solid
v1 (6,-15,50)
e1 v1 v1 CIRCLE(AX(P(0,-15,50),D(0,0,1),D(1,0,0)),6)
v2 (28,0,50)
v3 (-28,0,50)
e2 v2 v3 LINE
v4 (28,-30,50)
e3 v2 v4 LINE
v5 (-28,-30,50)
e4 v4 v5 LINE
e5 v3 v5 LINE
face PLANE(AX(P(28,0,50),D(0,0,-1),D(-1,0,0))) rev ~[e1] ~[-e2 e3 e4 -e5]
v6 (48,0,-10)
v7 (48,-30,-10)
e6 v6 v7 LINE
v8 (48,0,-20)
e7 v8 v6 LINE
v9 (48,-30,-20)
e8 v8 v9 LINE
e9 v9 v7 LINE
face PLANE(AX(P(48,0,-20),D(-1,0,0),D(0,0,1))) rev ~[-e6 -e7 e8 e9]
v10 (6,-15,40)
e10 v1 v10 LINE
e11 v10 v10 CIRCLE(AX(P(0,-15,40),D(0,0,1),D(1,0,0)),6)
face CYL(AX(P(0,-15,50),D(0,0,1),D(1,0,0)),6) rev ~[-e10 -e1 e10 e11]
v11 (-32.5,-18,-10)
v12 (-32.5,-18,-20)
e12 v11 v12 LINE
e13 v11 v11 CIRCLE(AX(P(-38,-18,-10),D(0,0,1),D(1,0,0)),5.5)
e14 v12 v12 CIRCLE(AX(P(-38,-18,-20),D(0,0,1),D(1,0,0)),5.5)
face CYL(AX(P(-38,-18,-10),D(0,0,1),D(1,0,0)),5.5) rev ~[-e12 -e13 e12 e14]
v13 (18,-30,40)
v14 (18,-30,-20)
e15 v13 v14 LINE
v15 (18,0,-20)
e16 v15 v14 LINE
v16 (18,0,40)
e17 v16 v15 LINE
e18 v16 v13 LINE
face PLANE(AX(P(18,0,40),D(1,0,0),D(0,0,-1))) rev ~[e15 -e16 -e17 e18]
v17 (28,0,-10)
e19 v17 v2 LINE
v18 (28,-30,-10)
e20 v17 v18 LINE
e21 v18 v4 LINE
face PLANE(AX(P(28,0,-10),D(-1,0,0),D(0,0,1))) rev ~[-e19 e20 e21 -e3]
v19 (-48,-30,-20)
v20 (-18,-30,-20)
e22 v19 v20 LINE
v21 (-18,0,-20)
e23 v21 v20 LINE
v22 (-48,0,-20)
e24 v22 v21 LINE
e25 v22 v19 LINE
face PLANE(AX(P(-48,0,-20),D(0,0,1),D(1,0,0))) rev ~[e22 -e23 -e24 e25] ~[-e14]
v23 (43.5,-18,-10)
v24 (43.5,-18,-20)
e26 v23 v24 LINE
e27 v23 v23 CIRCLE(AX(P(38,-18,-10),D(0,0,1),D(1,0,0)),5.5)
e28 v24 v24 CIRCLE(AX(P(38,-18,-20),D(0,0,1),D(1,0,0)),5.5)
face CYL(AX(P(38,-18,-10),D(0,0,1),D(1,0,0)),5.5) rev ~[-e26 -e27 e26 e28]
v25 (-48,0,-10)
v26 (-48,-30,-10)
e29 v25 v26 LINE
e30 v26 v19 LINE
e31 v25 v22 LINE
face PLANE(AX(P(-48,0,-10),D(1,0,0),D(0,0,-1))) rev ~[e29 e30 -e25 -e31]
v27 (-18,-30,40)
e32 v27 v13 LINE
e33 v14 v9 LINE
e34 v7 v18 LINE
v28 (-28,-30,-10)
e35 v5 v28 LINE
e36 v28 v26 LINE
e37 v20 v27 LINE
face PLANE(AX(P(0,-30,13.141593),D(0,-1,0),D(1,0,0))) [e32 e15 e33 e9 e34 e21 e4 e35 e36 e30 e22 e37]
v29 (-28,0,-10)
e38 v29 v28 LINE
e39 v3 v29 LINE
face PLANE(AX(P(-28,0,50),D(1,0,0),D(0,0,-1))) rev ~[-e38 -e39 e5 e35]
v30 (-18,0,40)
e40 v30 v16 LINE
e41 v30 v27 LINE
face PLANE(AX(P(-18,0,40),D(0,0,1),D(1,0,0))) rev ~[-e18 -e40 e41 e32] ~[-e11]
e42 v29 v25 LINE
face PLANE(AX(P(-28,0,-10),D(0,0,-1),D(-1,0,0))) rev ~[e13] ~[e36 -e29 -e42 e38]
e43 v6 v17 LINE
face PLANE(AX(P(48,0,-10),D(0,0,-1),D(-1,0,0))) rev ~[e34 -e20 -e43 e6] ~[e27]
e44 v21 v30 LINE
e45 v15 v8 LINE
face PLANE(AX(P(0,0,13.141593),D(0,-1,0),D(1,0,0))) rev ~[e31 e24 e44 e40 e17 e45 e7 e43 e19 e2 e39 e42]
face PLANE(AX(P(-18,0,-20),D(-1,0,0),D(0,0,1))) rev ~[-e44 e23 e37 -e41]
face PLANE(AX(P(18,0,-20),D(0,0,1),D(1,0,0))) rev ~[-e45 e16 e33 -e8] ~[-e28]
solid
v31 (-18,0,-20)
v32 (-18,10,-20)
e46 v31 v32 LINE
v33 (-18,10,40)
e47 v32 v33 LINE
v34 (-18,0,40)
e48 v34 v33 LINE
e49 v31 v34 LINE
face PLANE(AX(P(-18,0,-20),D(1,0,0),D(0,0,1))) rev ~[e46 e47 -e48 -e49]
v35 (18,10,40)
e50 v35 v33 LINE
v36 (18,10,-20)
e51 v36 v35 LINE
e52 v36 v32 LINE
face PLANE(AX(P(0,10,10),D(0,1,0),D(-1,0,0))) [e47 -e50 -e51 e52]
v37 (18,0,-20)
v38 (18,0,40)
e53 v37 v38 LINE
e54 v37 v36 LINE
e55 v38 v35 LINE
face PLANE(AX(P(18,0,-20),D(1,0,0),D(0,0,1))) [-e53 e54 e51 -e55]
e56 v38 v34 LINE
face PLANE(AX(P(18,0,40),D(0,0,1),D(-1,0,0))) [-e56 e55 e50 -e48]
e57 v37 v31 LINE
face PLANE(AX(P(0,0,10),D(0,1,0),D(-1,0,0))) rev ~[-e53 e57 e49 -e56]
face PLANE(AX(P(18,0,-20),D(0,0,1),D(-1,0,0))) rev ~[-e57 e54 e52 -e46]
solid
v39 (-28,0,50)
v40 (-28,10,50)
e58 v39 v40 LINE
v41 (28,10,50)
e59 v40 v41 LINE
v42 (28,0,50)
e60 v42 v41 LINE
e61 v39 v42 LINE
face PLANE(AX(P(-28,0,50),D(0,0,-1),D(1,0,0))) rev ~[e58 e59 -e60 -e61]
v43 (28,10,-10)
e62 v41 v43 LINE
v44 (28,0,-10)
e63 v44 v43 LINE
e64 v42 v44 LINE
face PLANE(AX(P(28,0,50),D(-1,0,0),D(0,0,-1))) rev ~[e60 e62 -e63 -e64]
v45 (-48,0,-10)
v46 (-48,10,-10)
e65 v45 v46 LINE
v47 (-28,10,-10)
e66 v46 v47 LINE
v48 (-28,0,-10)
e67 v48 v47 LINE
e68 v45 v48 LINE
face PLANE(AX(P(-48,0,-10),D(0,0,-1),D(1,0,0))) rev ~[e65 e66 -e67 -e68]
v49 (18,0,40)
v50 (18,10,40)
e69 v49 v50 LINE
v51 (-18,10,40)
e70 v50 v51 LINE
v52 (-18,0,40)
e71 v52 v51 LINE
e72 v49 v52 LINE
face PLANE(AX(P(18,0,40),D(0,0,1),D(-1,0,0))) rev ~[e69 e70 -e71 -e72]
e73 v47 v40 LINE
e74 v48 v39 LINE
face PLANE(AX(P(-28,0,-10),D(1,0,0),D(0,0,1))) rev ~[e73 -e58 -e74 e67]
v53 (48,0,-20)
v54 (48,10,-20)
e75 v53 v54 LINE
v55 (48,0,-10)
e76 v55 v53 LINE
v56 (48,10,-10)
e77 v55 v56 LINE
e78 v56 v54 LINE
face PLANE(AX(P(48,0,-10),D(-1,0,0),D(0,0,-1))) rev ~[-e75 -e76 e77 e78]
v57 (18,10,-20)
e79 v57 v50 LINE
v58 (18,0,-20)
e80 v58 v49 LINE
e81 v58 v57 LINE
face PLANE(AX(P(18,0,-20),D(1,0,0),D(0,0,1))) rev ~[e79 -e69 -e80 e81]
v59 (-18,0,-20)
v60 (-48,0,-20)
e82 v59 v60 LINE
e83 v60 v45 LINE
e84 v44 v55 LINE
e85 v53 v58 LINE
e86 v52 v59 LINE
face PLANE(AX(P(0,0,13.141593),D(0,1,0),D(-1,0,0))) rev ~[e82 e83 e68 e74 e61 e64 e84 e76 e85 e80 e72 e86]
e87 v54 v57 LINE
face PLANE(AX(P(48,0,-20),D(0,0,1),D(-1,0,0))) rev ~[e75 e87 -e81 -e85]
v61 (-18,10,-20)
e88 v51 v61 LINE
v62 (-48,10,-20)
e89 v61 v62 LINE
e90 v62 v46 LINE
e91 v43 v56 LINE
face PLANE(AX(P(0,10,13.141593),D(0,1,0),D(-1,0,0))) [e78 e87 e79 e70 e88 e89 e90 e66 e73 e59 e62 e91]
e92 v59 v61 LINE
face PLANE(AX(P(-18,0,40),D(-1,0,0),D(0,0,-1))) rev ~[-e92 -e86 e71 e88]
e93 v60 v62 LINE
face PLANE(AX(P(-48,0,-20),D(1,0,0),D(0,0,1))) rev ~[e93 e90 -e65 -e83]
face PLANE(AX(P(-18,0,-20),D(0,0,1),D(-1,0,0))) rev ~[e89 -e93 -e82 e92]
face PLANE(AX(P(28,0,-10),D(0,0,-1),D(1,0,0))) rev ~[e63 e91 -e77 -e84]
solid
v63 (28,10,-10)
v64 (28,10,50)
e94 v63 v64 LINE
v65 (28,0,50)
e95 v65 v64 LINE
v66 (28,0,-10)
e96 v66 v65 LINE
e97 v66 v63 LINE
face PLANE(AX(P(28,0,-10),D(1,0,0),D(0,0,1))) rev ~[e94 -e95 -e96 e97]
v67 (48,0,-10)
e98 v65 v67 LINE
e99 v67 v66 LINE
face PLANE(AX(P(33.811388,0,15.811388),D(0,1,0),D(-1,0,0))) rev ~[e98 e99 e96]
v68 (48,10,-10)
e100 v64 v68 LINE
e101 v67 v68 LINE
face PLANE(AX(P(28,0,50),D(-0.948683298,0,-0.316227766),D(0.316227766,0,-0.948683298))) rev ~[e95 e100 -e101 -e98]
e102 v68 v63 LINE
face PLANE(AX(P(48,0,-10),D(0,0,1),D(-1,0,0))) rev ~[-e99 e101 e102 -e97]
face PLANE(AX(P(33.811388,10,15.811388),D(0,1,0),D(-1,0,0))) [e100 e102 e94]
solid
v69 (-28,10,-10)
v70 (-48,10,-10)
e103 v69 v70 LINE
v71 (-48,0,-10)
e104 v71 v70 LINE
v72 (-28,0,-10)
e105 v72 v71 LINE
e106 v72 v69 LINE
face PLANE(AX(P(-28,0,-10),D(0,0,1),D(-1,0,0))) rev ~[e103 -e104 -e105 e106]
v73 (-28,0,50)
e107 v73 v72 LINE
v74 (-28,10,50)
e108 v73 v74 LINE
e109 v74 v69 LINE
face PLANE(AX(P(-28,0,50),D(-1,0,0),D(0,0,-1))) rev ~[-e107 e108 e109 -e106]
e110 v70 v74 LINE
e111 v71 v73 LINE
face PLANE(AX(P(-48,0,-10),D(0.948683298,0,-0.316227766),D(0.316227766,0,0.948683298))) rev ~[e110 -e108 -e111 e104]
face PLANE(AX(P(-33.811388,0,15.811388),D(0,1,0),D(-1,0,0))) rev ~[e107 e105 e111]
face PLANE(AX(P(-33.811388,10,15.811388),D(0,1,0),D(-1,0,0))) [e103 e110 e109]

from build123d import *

# Parameters (mm, degrees)
F1_DEPTH  = 30
F3_DEPTH  = 10
F4_W      = 36
F4_H      = 60
F5_DEPTH  = 10
F6_R      = 5.5
F7_DEPTH  = 25
F9_DEPTH  = 10
F10_R     = 5.5
F11_DEPTH = 25
F12_R     = 6
F13_DEPTH = 25


with BuildPart() as f1:
    # F0 (on Front) → F1 (new body)
    with BuildSketch(Plane.XZ):
        Polygon((-28, -10), (-48, -10), (-48, -20), (-18, -20), (-18, 40), (18, 40), (18, -20), (48, -20), (48, -10), (28, -10), (28, 50), (-28, 50), align=None)
    extrude(amount=F1_DEPTH)

    # F2 (on face) → F3 (join)
    with BuildSketch(Plane(origin=(0, 0, 0), x_dir=(-1, 0, 0), z_dir=(0, 1, 0))):
        Polygon((-28, -10), (-28, 50), (-48, -10), align=None)
        Polygon((48, -10), (28, 50), (28, -10), align=None)
    extrude(amount=F3_DEPTH)

    # F6 (on face) → F7 (cut)
    with BuildSketch(Plane.XY.offset(-10)):
        with Locations((-38, -18)):
            Circle(F6_R)
    extrude(amount=-F7_DEPTH, mode=Mode.SUBTRACT)

    # F10 (on face) → F11 (cut)
    with BuildSketch(Plane.XY.offset(-10)):
        with Locations((38, -18)):
            Circle(F10_R)
    extrude(amount=-F11_DEPTH, mode=Mode.SUBTRACT)

    # F12 (on face) → F13 (cut)
    with BuildSketch(Plane.XY.offset(50)):
        with Locations((0, -15)):
            Circle(F12_R)
    extrude(amount=-F13_DEPTH, mode=Mode.SUBTRACT)


with BuildPart() as f5:
    # F4 (on face) → F5 (new body)
    with BuildSketch(Plane(origin=(0, 0, 0), x_dir=(-1, 0, 0), z_dir=(0, 1, 0))):
        with Locations((0, 10)):
            Rectangle(F4_W, F4_H)
    extrude(amount=F5_DEPTH)


with BuildPart() as f9:
    # F8 (on face) → F9 (new body)
    with BuildSketch(Plane(origin=(0, 0, 0), x_dir=(-1, 0, 0), z_dir=(0, 1, 0))):
        Polygon((28, 50), (-28, 50), (-28, -10), (-48, -10), (-48, -20), (-18, -20), (-18, 40), (18, 40), (18, -20), (48, -20), (48, -10), (28, -10), align=None)
    extrude(amount=F9_DEPTH)


solid = Compound([f1.part, f5.part, f9.part])
